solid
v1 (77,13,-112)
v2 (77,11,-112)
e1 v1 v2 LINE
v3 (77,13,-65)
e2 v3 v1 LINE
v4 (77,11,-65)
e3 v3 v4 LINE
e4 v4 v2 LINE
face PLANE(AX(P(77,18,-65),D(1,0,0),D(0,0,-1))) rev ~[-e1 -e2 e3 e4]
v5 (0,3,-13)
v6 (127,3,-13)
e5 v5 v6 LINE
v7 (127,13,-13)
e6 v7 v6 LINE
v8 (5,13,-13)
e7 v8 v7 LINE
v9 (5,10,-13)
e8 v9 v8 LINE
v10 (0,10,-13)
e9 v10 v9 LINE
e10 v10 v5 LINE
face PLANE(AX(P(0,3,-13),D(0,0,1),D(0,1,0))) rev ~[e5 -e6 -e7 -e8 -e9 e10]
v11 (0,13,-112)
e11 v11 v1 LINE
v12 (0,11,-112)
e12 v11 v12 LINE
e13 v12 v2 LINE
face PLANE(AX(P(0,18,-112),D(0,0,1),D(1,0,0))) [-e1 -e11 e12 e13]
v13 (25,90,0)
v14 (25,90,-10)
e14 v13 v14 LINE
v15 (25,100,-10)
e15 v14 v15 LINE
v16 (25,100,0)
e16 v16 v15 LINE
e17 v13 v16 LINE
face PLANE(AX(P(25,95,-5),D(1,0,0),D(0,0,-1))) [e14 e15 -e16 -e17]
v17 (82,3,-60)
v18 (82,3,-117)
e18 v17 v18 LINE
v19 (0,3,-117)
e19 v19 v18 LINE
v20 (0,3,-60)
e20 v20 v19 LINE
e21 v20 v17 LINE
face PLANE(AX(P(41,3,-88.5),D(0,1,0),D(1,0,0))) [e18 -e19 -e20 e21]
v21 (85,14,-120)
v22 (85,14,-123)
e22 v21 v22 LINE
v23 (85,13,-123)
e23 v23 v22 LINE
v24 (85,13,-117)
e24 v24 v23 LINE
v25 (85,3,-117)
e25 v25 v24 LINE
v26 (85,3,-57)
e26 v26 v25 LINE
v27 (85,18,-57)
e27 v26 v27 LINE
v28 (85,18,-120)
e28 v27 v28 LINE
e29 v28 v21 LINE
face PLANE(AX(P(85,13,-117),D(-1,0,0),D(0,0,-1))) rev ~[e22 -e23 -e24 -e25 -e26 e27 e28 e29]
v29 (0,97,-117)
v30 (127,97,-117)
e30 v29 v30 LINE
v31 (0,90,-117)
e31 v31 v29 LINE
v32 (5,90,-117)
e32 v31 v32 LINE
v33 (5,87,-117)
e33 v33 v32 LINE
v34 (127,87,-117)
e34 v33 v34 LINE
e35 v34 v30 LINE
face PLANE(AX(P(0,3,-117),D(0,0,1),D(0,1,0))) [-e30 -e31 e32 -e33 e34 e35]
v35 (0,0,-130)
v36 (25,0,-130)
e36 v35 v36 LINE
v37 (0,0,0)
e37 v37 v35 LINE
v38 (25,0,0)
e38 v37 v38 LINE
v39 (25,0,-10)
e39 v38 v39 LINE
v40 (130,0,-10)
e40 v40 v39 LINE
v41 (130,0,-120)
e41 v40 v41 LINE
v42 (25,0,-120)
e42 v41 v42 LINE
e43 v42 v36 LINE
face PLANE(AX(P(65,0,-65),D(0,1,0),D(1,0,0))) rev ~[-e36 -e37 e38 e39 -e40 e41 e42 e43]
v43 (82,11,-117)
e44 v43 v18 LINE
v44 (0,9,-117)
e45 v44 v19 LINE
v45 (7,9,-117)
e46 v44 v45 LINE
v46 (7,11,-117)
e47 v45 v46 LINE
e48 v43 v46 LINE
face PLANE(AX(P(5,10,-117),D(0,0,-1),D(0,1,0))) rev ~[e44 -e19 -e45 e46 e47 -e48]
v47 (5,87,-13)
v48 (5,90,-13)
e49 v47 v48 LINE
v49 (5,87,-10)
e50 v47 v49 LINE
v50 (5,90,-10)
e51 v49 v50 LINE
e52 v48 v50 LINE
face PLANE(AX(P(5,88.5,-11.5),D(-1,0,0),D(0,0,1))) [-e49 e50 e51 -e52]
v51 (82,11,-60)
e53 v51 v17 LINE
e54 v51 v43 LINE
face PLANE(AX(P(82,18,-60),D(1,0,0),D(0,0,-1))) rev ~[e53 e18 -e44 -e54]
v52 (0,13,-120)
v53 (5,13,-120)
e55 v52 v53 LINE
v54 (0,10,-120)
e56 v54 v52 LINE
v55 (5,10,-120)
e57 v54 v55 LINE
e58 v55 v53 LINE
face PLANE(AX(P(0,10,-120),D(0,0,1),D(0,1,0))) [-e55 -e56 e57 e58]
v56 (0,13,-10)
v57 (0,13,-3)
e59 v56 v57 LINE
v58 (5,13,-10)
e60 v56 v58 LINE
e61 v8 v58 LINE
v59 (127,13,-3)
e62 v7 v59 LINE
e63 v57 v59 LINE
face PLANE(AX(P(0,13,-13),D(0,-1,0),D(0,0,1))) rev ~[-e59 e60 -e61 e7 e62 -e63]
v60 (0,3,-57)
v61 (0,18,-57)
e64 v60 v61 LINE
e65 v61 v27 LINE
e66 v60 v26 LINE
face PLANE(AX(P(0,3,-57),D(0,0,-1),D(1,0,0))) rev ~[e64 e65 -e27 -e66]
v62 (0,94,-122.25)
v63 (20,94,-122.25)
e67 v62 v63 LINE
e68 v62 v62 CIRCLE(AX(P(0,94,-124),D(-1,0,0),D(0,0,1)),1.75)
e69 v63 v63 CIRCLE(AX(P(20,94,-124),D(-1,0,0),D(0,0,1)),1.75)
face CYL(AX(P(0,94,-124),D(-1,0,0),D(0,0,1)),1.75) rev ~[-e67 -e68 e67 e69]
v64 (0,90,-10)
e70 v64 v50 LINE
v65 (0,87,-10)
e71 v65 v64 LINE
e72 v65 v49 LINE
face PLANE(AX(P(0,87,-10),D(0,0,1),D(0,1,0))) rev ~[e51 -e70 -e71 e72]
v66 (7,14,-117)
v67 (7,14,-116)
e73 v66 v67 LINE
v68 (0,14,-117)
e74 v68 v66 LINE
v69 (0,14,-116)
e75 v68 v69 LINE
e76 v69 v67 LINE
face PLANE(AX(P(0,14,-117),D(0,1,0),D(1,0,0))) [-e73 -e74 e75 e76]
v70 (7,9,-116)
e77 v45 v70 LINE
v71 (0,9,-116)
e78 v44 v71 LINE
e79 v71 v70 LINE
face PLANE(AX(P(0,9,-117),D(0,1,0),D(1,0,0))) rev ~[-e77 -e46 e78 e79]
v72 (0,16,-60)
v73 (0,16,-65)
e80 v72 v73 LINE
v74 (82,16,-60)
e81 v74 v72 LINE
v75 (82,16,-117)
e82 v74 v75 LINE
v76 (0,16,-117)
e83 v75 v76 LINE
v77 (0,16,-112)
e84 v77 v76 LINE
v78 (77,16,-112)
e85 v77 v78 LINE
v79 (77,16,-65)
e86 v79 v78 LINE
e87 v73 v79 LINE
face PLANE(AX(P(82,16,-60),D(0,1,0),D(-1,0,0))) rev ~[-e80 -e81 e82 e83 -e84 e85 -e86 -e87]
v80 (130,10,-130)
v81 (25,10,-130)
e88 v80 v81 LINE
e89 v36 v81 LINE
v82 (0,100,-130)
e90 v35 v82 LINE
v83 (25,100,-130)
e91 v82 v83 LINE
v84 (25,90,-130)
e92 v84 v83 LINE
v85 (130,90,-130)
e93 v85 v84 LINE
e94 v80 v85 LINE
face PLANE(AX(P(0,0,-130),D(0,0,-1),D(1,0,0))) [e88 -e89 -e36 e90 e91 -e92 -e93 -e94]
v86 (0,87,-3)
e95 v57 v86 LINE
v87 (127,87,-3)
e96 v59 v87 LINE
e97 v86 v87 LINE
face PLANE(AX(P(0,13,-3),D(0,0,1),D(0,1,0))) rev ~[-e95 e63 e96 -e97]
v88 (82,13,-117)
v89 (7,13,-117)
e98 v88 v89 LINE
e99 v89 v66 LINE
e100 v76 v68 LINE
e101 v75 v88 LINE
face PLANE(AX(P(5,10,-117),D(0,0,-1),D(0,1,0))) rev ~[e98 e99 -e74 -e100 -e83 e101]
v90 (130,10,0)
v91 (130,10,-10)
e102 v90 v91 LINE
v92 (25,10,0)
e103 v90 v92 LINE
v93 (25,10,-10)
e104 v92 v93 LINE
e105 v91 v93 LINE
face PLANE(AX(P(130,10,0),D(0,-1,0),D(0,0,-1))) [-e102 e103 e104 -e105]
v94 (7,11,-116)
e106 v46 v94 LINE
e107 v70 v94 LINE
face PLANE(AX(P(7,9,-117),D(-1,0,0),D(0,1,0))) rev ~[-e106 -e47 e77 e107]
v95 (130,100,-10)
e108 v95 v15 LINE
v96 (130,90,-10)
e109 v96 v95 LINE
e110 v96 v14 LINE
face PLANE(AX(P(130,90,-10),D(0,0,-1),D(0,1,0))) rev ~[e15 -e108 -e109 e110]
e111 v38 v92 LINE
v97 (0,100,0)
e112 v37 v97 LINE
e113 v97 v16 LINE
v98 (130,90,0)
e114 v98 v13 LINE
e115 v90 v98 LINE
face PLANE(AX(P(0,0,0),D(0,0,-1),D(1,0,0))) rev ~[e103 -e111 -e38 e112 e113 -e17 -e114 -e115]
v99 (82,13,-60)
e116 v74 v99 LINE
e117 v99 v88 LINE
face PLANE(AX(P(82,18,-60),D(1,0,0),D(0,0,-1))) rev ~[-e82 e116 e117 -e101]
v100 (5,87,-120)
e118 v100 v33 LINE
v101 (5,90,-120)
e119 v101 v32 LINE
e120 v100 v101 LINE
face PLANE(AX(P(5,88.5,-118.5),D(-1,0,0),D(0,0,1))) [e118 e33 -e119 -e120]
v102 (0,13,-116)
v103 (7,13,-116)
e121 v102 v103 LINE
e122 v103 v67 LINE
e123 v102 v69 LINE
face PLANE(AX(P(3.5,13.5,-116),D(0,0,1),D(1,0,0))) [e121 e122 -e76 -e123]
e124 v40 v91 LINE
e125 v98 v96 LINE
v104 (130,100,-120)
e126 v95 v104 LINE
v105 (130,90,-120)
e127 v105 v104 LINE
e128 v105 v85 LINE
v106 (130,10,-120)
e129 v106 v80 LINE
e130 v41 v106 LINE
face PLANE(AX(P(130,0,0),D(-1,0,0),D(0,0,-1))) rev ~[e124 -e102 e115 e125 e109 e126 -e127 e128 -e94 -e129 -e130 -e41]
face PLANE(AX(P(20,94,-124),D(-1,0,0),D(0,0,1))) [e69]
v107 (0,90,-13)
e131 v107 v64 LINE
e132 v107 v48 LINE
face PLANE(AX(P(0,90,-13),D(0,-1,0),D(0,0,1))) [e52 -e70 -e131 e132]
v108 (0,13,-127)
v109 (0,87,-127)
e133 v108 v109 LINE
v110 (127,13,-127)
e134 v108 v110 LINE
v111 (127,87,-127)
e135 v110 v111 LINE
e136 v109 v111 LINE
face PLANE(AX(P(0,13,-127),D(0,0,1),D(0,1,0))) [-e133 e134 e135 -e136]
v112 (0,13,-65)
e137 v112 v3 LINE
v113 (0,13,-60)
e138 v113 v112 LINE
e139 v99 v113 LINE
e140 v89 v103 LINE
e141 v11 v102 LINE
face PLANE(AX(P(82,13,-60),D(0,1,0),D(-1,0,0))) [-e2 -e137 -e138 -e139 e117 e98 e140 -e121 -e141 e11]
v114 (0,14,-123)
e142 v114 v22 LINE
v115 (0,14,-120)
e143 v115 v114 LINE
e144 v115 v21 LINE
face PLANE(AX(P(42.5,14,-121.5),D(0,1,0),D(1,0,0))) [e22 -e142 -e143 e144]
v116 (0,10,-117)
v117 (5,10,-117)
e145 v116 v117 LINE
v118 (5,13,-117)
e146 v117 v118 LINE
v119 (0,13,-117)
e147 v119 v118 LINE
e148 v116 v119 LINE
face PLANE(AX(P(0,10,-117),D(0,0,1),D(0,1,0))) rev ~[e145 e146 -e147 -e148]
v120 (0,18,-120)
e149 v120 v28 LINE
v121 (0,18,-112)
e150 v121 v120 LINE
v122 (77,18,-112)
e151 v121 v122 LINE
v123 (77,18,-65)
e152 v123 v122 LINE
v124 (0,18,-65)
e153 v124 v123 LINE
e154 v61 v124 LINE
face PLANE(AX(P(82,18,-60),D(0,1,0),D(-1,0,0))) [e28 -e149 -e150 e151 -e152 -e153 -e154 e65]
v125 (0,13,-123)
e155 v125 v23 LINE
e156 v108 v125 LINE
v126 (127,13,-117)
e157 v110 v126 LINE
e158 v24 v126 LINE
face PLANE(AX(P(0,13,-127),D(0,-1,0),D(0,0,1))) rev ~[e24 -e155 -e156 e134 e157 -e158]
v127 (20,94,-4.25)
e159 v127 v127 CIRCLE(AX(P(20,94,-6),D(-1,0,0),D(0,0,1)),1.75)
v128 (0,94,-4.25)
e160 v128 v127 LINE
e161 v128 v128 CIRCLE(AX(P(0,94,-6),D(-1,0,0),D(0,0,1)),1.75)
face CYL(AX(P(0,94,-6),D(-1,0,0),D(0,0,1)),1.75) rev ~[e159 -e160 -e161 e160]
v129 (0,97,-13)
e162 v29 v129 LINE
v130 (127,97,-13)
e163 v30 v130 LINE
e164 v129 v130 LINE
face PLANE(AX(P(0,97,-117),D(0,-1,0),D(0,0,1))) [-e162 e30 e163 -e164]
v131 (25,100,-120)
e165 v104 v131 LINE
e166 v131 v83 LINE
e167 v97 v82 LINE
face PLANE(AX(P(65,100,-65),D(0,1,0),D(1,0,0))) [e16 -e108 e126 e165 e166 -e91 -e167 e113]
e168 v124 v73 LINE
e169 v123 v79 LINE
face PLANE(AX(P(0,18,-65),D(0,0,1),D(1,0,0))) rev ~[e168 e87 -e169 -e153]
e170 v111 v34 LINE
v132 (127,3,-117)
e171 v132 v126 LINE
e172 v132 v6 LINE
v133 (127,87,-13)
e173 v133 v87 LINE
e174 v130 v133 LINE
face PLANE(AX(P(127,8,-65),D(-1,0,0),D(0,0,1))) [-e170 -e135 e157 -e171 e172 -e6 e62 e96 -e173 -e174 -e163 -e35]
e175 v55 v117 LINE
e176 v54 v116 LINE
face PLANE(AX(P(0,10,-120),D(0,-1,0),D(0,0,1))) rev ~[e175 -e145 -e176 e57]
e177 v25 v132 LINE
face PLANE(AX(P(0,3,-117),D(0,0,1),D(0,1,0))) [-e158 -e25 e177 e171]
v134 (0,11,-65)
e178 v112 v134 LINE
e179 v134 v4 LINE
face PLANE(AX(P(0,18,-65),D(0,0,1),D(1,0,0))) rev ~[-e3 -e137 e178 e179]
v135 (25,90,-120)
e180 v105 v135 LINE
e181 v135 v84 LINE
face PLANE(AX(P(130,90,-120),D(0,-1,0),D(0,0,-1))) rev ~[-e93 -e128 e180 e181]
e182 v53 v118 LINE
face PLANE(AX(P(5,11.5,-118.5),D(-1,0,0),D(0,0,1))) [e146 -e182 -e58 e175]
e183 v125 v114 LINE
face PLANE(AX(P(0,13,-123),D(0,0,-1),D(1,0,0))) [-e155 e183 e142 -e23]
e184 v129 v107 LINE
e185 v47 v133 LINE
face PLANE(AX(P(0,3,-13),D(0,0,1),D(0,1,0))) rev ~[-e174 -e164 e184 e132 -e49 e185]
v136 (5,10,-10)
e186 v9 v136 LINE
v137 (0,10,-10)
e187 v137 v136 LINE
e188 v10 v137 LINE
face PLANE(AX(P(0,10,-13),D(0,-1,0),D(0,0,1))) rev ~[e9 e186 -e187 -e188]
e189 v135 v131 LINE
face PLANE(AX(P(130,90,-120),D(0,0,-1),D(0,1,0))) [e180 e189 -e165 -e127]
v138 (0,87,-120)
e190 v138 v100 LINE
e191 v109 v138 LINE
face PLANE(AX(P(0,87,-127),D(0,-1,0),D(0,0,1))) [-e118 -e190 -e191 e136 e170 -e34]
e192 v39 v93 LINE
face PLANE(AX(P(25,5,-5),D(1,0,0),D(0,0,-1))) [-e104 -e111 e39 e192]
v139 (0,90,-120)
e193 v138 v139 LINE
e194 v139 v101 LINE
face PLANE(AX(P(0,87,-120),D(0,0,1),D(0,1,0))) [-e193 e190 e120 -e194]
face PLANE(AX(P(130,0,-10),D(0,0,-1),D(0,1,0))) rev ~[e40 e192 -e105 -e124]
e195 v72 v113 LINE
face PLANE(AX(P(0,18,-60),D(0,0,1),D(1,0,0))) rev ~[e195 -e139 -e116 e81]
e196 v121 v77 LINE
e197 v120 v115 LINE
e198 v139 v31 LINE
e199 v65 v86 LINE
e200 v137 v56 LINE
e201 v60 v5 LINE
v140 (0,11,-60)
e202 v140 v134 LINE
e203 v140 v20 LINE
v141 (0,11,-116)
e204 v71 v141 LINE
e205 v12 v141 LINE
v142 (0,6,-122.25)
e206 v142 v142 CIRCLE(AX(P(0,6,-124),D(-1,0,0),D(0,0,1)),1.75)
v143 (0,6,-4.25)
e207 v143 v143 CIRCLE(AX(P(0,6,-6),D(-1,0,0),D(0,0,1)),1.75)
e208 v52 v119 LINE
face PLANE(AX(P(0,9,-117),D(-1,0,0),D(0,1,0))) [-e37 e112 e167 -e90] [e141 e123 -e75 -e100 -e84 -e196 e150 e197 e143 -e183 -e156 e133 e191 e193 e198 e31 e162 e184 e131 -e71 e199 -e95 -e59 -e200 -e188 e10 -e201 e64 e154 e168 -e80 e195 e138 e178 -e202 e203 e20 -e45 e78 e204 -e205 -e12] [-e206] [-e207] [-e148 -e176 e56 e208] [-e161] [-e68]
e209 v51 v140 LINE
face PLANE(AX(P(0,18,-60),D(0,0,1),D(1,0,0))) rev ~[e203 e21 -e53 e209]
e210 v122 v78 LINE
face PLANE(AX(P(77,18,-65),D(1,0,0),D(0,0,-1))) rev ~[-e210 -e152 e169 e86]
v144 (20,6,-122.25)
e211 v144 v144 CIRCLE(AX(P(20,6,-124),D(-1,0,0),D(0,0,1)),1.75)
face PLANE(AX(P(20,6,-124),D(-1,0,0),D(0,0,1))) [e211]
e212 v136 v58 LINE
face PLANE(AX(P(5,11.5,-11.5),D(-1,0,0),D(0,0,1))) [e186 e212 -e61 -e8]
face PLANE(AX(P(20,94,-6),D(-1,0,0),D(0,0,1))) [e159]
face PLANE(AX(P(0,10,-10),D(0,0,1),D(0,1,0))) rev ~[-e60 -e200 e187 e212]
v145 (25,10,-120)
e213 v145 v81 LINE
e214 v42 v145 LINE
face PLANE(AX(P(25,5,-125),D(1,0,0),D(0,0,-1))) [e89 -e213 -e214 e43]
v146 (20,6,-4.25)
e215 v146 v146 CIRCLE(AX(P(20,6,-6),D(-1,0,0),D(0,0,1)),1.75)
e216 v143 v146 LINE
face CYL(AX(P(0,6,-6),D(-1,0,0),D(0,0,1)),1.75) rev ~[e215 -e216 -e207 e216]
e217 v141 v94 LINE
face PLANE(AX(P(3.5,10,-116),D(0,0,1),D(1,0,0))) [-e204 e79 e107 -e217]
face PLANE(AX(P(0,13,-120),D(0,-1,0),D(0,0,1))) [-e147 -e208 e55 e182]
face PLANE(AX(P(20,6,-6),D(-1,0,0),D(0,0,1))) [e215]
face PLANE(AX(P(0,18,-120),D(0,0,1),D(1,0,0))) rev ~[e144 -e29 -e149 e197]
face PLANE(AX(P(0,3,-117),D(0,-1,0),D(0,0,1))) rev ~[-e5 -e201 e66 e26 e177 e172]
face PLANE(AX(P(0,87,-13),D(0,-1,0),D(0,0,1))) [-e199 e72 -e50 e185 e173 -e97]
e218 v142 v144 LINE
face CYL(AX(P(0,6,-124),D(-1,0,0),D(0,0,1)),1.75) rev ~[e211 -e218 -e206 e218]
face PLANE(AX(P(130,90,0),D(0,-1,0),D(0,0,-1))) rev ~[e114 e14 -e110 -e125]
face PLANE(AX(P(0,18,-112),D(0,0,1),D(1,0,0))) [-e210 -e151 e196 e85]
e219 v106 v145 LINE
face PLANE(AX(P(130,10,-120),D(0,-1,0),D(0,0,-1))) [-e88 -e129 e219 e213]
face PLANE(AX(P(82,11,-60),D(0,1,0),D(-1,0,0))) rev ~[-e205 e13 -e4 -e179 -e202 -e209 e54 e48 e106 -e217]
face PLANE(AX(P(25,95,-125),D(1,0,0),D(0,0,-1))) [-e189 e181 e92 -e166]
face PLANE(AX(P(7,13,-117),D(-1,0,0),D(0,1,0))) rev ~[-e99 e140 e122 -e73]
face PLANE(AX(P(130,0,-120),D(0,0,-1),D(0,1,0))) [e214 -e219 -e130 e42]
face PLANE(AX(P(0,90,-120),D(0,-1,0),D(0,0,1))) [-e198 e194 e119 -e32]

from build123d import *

# Parameters (mm, degrees)
SKETCH2_W           = 130
SKETCH2_H           = 130
BOSS_EXTRUDE1_DEPTH = 100
SKETCH3_W           = 104
SKETCH3_H           = 74
CUT_EXTRUDE1_DEPTH  = 127
SKETCH4_W           = 10
SKETCH4_H           = 10
CUT_EXTRUDE3_DEPTH  = 105
SKETCH5_W           = 104
SKETCH5_H           = 10
CUT_EXTRUDE4_DEPTH  = 127
SKETCH6_W           = 10
SKETCH6_H           = 74
CUT_EXTRUDE5_DEPTH  = 127
SKETCH7_R           = 1.75
CUT_EXTRUDE6_DEPTH  = 20
SKETCH8_W           = 3
SKETCH8_H           = 3
CUT_EXTRUDE7_DEPTH  = 5
SKETCH9_W           = 85
SKETCH9_H           = 60
BOSS_EXTRUDE2_DEPTH = 15
SKETCH11_W          = 85
SKETCH11_H          = 6
BOSS_EXTRUDE5_DEPTH = 5
SKETCH12_W          = 85
SKETCH12_H          = 3
CUT_EXTRUDE9_DEPTH  = 4
SKETCH13_W          = 82
SKETCH13_H          = 57
CUT_EXTRUDE10_DEPTH = 15
SKETCH15_W          = 3
SKETCH15_H          = 3
BOSS_EXTRUDE7_DEPTH = 5
SKETCH16_W          = 82
SKETCH16_H          = 2
BOSS_EXTRUDE8_DEPTH = 57
SKETCH17_W          = 77
SKETCH17_H          = 47
CUT_EXTRUDE11_DEPTH = 10
SKETCH19_W          = 7
SKETCH19_H          = 2
SKETCH19_H_2        = 1
BOSS_EXTRUDE9_DEPTH = 1
SKETCH21_W          = 3
SKETCH21_H          = 3
CUT_EXTRUDE15_DEPTH = 5


with BuildPart() as part:
    # Sketch2 → Boss-Extrude1 (new body)
    with BuildSketch(Plane(origin=(0, 0, 0), x_dir=(1, 0, 0), z_dir=(0, 1, 0))):
        with Locations((65, 65)):
            Rectangle(SKETCH2_W, SKETCH2_H)
    extrude(amount=BOSS_EXTRUDE1_DEPTH)

    # Sketch3 → Cut-Extrude1 (cut)
    with BuildSketch(Plane.ZY):
        with Locations((-65, 50)):
            Rectangle(SKETCH3_W, SKETCH3_H)
    extrude(amount=-CUT_EXTRUDE1_DEPTH, mode=Mode.SUBTRACT)

    # Sketch4 → Cut-Extrude3 (cut)
    with BuildSketch(Plane(origin=(130, 0, 0), x_dir=(0, 0, -1), z_dir=(1, 0, 0))):
        with Locations((5, 95)):
            Rectangle(SKETCH4_W, SKETCH4_H)
        with Locations((125, 95)):
            Rectangle(SKETCH4_W, SKETCH4_H)
        with Locations((5, 5)):
            Rectangle(SKETCH4_W, SKETCH4_H)
        with Locations((125, 5)):
            Rectangle(SKETCH4_W, SKETCH4_H)
    extrude(amount=-CUT_EXTRUDE3_DEPTH, mode=Mode.SUBTRACT)

    # Sketch5 → Cut-Extrude4 (cut)
    with BuildSketch(Plane.ZY):
        with Locations((-65, 92)):
            Rectangle(SKETCH5_W, SKETCH5_H)
        with Locations((-65, 8)):
            Rectangle(SKETCH5_W, SKETCH5_H)
    extrude(amount=-CUT_EXTRUDE4_DEPTH, mode=Mode.SUBTRACT)

    # Sketch6 → Cut-Extrude5 (cut)
    with BuildSketch(Plane.ZY):
        with Locations((-122, 50)):
            Rectangle(SKETCH6_W, SKETCH6_H)
        with Locations((-8, 50)):
            Rectangle(SKETCH6_W, SKETCH6_H)
    extrude(amount=-CUT_EXTRUDE5_DEPTH, mode=Mode.SUBTRACT)

    # Sketch7 → Cut-Extrude6 (cut)
    with BuildSketch(Plane.ZY):
        with Locations((-124, 94)):
            Circle(SKETCH7_R)
        with Locations((-6, 94)):
            Circle(SKETCH7_R)
        with Locations((-124, 6)):
            Circle(SKETCH7_R)
        with Locations((-6, 6)):
            Circle(SKETCH7_R)
    extrude(amount=-CUT_EXTRUDE6_DEPTH, mode=Mode.SUBTRACT)

    # Sketch8 → Cut-Extrude7 (cut)
    with BuildSketch(Plane.ZY):
        with Locations((-118.5, 88.5)):
            Rectangle(SKETCH8_W, SKETCH8_H)
        with Locations((-11.5, 88.5)):
            Rectangle(SKETCH8_W, SKETCH8_H)
        with Locations((-118.5, 11.5)):
            Rectangle(SKETCH8_W, SKETCH8_H)
        with Locations((-11.5, 11.5)):
            Rectangle(SKETCH8_W, SKETCH8_H)
    extrude(amount=-CUT_EXTRUDE7_DEPTH, mode=Mode.SUBTRACT)

    # Sketch9 → Boss-Extrude2 (add)
    with BuildSketch(Plane(origin=(0, 3, 0), x_dir=(1, 0, 0), z_dir=(0, 1, 0))):
        with Locations((42.5, 87)):
            Rectangle(SKETCH9_W, SKETCH9_H)
    extrude(amount=BOSS_EXTRUDE2_DEPTH)

    # Sketch11 → Boss-Extrude5 (add)
    with BuildSketch(Plane(origin=(0, 13, 0), x_dir=(1, 0, 0), z_dir=(0, 1, 0))):
        with Locations((42.5, 120)):
            Rectangle(SKETCH11_W, SKETCH11_H)
    extrude(amount=BOSS_EXTRUDE5_DEPTH)

    # Sketch12 → Cut-Extrude9 (cut)
    with BuildSketch(Plane(origin=(0, 18, 0), x_dir=(1, 0, 0), z_dir=(0, 1, 0))):
        with Locations((42.5, 121.5)):
            Rectangle(SKETCH12_W, SKETCH12_H)
    extrude(amount=-CUT_EXTRUDE9_DEPTH, mode=Mode.SUBTRACT)

    # Sketch13 → Cut-Extrude10 (cut)
    with BuildSketch(Plane(origin=(0, 18, 0), x_dir=(1, 0, 0), z_dir=(0, 1, 0))):
        with Locations((41, 88.5)):
            Rectangle(SKETCH13_W, SKETCH13_H)
    extrude(amount=-CUT_EXTRUDE10_DEPTH, mode=Mode.SUBTRACT)

    # Sketch15 → Boss-Extrude7 (add)
    with BuildSketch(Plane.ZY.offset(-5)):
        with Locations((-118.5, 11.5)):
            Rectangle(SKETCH15_W, SKETCH15_H)
    extrude(amount=BOSS_EXTRUDE7_DEPTH)

    # Sketch16 → Boss-Extrude8 (add)
    with BuildSketch(Plane(origin=(0, 0, -60), x_dir=(-1, 0, 0), z_dir=(0, 0, -1))):
        with Locations((-41, 17)):
            Rectangle(SKETCH16_W, SKETCH16_H)
        with Locations((-41, 12)):
            Rectangle(SKETCH16_W, SKETCH16_H)
    extrude(amount=BOSS_EXTRUDE8_DEPTH)

    # Sketch17 → Cut-Extrude11 (cut)
    with BuildSketch(Plane(origin=(0, 18, 0), x_dir=(1, 0, 0), z_dir=(0, 1, 0))):
        with Locations((38.5, 88.5)):
            Rectangle(SKETCH17_W, SKETCH17_H)
    extrude(amount=-CUT_EXTRUDE11_DEPTH, mode=Mode.SUBTRACT)

    # Sketch19 → Boss-Extrude9 (add)
    with BuildSketch(Plane.XY.offset(-117)):
        with Locations((3.5, 10)):
            Rectangle(SKETCH19_W, SKETCH19_H)
        with Locations((3.5, 13.5)):
            Rectangle(SKETCH19_W, SKETCH19_H_2)
    extrude(amount=BOSS_EXTRUDE9_DEPTH)

    # Sketch21 → Cut-Extrude15 (cut)
    with BuildSketch(Plane.ZY):
        with Locations((-118.5, 11.5)):
            Rectangle(SKETCH21_W, SKETCH21_H)
    extrude(amount=-CUT_EXTRUDE15_DEPTH, mode=Mode.SUBTRACT)


solid = part.part
